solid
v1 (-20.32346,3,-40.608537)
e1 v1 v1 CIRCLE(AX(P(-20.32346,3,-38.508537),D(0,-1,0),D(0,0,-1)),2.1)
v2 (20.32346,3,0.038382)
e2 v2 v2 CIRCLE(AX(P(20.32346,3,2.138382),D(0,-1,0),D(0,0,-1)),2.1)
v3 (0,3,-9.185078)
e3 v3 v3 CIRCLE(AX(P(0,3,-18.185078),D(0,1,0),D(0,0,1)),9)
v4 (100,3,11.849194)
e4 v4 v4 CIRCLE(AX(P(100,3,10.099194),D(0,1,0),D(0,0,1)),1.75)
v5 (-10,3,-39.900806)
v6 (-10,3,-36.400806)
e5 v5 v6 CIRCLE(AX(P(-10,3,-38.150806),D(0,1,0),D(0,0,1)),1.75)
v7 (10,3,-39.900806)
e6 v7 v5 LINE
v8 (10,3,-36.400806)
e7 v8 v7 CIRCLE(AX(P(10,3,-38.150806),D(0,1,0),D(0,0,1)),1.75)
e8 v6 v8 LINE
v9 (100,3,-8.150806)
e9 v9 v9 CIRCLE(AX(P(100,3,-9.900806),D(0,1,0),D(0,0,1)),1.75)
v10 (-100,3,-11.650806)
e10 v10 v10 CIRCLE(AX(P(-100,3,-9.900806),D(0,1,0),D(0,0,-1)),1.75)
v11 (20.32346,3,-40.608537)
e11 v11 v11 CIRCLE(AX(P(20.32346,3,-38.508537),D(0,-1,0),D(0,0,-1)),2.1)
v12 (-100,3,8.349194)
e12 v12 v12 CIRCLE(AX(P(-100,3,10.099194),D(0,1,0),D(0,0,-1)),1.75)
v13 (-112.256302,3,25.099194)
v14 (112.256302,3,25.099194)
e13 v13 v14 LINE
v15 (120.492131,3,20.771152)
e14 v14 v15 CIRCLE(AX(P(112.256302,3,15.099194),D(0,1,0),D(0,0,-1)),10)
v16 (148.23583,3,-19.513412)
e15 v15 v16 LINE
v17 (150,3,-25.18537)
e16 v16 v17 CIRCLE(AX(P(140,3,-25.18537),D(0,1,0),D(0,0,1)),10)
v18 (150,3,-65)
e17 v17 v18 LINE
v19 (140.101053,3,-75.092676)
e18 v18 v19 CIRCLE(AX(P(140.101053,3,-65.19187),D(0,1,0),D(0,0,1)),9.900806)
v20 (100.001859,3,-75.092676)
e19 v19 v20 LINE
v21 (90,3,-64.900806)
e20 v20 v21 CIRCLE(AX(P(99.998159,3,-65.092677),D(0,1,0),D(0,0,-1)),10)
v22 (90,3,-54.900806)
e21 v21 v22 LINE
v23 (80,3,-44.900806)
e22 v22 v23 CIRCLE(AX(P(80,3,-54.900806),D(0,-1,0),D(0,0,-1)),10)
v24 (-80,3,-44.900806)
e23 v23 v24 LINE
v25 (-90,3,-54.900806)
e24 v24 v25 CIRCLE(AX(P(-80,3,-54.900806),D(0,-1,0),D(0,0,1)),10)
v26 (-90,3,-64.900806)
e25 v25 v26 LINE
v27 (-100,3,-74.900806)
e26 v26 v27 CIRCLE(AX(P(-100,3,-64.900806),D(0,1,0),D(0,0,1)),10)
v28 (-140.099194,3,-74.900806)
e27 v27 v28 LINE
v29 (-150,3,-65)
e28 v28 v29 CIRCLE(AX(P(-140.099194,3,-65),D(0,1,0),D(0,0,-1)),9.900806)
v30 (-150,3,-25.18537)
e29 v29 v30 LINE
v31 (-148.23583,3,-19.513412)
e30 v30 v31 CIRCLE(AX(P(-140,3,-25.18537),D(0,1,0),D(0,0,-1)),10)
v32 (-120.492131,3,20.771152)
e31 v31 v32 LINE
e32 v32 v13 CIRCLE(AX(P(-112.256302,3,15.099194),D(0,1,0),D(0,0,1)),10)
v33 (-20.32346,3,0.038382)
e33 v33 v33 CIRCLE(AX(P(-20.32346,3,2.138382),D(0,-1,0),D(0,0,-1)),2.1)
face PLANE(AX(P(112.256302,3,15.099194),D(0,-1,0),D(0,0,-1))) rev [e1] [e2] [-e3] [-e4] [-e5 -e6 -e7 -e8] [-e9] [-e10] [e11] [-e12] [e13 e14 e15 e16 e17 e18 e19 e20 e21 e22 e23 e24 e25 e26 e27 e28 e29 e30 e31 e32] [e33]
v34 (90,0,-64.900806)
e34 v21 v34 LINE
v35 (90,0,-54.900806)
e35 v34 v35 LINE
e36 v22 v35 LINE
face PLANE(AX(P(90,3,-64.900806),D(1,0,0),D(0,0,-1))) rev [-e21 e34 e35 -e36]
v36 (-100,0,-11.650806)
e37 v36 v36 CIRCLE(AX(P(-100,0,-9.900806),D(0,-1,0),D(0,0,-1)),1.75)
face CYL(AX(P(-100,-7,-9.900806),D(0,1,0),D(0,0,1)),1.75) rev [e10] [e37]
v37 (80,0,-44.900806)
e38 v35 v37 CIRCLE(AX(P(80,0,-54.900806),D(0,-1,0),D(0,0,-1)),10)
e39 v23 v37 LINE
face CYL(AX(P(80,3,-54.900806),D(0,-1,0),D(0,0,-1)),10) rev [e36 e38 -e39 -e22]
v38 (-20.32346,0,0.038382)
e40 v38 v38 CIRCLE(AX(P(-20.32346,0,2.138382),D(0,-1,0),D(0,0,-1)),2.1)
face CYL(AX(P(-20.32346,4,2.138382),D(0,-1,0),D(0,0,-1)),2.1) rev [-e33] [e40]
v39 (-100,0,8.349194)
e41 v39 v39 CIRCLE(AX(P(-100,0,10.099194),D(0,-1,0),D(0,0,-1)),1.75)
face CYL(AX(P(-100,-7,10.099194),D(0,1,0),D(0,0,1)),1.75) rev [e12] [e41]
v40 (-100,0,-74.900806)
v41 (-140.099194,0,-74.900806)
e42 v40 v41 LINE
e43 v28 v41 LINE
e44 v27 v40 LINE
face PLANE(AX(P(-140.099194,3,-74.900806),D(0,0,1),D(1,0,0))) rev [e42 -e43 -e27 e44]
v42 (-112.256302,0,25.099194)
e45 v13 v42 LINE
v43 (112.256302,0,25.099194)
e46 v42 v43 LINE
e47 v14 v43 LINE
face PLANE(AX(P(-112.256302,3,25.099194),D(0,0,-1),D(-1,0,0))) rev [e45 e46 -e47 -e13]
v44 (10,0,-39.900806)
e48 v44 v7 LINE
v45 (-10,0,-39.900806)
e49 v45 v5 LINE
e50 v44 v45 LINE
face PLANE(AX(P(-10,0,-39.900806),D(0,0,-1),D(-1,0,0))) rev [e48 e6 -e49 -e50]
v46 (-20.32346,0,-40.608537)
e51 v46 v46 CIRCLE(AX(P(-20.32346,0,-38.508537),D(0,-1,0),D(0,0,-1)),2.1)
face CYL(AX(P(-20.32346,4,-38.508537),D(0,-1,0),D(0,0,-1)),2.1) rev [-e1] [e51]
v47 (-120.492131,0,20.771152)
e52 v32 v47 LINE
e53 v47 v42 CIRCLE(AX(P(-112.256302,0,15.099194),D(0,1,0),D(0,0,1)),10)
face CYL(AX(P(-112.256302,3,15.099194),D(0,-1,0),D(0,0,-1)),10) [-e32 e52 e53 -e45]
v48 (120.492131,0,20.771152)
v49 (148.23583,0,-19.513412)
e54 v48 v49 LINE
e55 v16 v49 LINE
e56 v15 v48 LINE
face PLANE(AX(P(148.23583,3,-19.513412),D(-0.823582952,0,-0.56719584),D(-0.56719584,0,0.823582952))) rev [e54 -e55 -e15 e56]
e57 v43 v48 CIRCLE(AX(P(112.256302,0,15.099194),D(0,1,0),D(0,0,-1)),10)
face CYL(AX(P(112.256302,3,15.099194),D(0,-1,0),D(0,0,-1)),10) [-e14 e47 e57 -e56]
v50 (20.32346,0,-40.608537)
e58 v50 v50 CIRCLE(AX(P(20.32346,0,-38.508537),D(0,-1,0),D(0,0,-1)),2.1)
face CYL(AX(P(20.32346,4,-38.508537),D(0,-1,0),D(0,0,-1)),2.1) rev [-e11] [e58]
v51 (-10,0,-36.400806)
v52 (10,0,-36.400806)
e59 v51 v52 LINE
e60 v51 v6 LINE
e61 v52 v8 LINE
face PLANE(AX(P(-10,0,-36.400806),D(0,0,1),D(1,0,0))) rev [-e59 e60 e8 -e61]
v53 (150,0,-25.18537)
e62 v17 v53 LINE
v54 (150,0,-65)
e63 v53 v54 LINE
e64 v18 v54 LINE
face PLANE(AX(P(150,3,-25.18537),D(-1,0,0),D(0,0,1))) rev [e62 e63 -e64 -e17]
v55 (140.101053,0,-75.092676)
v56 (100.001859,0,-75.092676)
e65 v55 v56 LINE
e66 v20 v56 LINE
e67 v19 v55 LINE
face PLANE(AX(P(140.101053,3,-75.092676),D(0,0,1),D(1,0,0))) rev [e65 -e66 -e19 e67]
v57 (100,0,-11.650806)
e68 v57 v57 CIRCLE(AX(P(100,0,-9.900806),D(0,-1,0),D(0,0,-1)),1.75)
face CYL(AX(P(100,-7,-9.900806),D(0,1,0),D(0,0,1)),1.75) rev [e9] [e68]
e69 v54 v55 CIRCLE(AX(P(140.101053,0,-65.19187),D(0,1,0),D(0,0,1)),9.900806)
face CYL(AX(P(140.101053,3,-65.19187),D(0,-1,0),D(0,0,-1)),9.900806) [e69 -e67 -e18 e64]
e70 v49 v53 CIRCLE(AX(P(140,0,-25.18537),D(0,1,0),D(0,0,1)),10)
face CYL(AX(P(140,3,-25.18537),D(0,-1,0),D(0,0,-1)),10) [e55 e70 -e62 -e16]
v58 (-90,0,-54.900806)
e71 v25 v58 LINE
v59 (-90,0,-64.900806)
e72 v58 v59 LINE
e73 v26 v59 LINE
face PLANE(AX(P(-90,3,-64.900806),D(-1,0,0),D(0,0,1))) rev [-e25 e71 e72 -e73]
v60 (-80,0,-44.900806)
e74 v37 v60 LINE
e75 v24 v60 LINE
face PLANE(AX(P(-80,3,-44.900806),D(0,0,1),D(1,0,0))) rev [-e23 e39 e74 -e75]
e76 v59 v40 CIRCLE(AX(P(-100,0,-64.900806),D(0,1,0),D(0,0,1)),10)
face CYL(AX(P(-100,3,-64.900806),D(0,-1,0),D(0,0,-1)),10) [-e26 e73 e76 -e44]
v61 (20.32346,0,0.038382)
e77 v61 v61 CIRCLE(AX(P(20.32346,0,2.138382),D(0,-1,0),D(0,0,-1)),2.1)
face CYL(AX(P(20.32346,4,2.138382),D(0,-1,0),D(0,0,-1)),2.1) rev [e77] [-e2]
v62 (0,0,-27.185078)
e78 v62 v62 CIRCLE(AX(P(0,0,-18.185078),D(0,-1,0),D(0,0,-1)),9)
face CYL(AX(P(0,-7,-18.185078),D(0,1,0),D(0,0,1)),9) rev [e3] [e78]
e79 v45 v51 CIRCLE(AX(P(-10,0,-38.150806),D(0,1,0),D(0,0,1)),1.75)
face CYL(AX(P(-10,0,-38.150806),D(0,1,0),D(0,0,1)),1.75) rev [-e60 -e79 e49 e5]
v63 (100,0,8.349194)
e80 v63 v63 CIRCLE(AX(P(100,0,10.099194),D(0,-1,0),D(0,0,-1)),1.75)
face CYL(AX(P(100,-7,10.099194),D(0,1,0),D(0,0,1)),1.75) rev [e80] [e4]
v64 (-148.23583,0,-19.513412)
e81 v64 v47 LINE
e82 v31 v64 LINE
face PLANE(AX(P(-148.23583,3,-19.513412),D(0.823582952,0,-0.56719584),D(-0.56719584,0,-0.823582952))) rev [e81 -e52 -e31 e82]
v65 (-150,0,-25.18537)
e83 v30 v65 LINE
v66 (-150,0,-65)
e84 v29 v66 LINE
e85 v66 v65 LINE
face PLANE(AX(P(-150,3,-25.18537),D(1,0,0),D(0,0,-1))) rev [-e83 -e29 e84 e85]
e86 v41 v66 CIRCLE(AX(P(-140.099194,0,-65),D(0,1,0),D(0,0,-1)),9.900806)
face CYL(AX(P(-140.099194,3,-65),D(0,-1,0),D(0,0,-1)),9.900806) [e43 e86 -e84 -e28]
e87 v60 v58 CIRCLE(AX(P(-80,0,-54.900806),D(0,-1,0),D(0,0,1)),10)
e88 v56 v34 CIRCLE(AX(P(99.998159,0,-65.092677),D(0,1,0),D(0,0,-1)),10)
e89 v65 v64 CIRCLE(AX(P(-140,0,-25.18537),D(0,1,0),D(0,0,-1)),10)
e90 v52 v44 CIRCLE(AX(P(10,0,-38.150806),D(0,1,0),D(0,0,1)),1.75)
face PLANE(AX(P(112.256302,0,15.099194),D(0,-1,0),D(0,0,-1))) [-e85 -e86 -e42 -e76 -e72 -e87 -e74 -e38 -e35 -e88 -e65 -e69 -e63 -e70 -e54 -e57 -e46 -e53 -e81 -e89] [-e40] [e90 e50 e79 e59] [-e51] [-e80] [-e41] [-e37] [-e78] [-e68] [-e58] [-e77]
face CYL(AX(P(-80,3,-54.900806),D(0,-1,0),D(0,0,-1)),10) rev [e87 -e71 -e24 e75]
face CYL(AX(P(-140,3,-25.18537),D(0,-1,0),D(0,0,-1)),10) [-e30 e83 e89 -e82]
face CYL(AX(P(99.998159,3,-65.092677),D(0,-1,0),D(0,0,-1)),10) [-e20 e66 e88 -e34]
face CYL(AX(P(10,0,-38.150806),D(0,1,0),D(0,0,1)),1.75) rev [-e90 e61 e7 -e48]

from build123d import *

# Parameters (mm, degrees)
EXTRUDE_1_DEPTH     = 3
SKETCH_2_R          = 1.75
CUT_EXTRUDE_1_DEPTH = 10
CUT_EXTRUDE_2_DEPTH = 3
SKETCH_4_R          = 9
CUT_EXTRUDE_3_DEPTH = 10
SKETCH_5_R          = 2.1
CUT_EXTRUDE_4_DEPTH = 4


with BuildPart() as part:
    # 草图1 → 凸台-拉伸1 (new body)
    with BuildSketch(Plane(origin=(0, 0, 0), x_dir=(1, 0, 0), z_dir=(0, 1, 0))):
        with BuildLine():
            Line((-148.235829522, 19.513411872), (-120.492131082, -20.771152042))
            ThreePointArc((-120.492131082, -20.771152042), (-116.908205257, -23.951300285), (-112.25630156, -25.099193643))
            Line((-112.25630156, -25.099193643), (112.25630156, -25.099193643))
            ThreePointArc((112.25630156, -25.099193643), (116.908205257, -23.951300285), (120.492131082, -20.771152042))
            Line((120.492131082, -20.771152042), (148.235829522, 19.513411872))
            ThreePointArc((148.235829522, 19.513411872), (149.548777283, 22.215378286), (150, 25.185370271))
            Line((150, 25.185370271), (150, 65))
            ThreePointArc((150, 65), (147.169490918, 72.124628896), (140.101052961, 75.092675968))
            Line((140.101052961, 75.092675968), (100.001859318, 75.092675968))
            ThreePointArc((100.001859318, 75.092675968), (92.860872953, 72.096900105), (90, 64.900806357))
            Line((90, 64.900806357), (90, 54.900806357))
            ThreePointArc((90, 54.900806357), (87.071067812, 47.829738545), (80, 44.900806357))
            Line((80, 44.900806357), (-80, 44.900806357))
            ThreePointArc((-80, 44.900806357), (-87.071067812, 47.829738545), (-90, 54.900806357))
            Line((-90, 54.900806357), (-90, 64.900806357))
            ThreePointArc((-90, 64.900806357), (-92.928932188, 71.971874169), (-100, 74.900806357))
            Line((-100, 74.900806357), (-140.099193643, 74.900806357))
            ThreePointArc((-140.099193643, 74.900806357), (-147.100120957, 72.000927314), (-150, 65))
            Line((-150, 65), (-150, 25.185370271))
            ThreePointArc((-150, 25.185370271), (-149.548777283, 22.215378286), (-148.235829522, 19.513411872))
        make_face()
    extrude(amount=EXTRUDE_1_DEPTH)

    # 草图2 → 切除-拉伸1 (cut)
    with BuildSketch(Plane(origin=(0, 3, 0), x_dir=(1, 0, 0), z_dir=(0, 1, 0))):
        with Locations(Location((100, 9.900806357, 0), (0, 0, 270))):
            Circle(SKETCH_2_R)
        with Locations(Location((100, -10.099193643, 0), (0, 0, 270))):
            Circle(SKETCH_2_R)
        with Locations(Location((-100, -10.099193643, 0), (0, 0, 90))):
            Circle(SKETCH_2_R)
        with Locations(Location((-100, 9.900806357, 0), (0, 0, 90))):
            Circle(SKETCH_2_R)
    extrude(amount=-CUT_EXTRUDE_1_DEPTH, mode=Mode.SUBTRACT)

    # 草图3 → 切除-拉伸2 (cut)
    with BuildSketch(Plane(origin=(0, 3, 0), x_dir=(1, 0, 0), z_dir=(0, 1, 0))):
        with BuildLine():
            Line((-10, 39.900806357), (10, 39.900806357))
            ThreePointArc((10, 39.900806357), (11.75, 38.150806357), (10, 36.400806357))
            Line((10, 36.400806357), (-10, 36.400806357))
            ThreePointArc((-10, 36.400806357), (-11.75, 38.150806357), (-10, 39.900806357))
        make_face()
    extrude(amount=-CUT_EXTRUDE_2_DEPTH, mode=Mode.SUBTRACT)

    # 草图4 → 切除-拉伸3 (cut)
    with BuildSketch(Plane(origin=(0, 3, 0), x_dir=(1, 0, 0), z_dir=(0, 1, 0))):
        with Locations(Location((0, 18.185077605, 0), (0, 0, 270))):
            Circle(SKETCH_4_R)
    extrude(amount=-CUT_EXTRUDE_3_DEPTH, mode=Mode.SUBTRACT)

    # 草图5 → 切除-拉伸4 (cut)
    with BuildSketch(Plane.XZ):
        with Locations(Location((-20.323459578, 2.138381974, 0), (0, 0, 270))):
            Circle(SKETCH_5_R)
        with Locations(Location((20.323459578, 2.138381974, 0), (0, 0, 270))):
            Circle(SKETCH_5_R)
        with Locations(Location((20.323459578, -38.508537183, 0), (0, 0, 270))):
            Circle(SKETCH_5_R)
        with Locations(Location((-20.323459578, -38.508537183, 0), (0, 0, 270))):
            Circle(SKETCH_5_R)
    extrude(amount=-CUT_EXTRUDE_4_DEPTH, mode=Mode.SUBTRACT)


solid = part.part
